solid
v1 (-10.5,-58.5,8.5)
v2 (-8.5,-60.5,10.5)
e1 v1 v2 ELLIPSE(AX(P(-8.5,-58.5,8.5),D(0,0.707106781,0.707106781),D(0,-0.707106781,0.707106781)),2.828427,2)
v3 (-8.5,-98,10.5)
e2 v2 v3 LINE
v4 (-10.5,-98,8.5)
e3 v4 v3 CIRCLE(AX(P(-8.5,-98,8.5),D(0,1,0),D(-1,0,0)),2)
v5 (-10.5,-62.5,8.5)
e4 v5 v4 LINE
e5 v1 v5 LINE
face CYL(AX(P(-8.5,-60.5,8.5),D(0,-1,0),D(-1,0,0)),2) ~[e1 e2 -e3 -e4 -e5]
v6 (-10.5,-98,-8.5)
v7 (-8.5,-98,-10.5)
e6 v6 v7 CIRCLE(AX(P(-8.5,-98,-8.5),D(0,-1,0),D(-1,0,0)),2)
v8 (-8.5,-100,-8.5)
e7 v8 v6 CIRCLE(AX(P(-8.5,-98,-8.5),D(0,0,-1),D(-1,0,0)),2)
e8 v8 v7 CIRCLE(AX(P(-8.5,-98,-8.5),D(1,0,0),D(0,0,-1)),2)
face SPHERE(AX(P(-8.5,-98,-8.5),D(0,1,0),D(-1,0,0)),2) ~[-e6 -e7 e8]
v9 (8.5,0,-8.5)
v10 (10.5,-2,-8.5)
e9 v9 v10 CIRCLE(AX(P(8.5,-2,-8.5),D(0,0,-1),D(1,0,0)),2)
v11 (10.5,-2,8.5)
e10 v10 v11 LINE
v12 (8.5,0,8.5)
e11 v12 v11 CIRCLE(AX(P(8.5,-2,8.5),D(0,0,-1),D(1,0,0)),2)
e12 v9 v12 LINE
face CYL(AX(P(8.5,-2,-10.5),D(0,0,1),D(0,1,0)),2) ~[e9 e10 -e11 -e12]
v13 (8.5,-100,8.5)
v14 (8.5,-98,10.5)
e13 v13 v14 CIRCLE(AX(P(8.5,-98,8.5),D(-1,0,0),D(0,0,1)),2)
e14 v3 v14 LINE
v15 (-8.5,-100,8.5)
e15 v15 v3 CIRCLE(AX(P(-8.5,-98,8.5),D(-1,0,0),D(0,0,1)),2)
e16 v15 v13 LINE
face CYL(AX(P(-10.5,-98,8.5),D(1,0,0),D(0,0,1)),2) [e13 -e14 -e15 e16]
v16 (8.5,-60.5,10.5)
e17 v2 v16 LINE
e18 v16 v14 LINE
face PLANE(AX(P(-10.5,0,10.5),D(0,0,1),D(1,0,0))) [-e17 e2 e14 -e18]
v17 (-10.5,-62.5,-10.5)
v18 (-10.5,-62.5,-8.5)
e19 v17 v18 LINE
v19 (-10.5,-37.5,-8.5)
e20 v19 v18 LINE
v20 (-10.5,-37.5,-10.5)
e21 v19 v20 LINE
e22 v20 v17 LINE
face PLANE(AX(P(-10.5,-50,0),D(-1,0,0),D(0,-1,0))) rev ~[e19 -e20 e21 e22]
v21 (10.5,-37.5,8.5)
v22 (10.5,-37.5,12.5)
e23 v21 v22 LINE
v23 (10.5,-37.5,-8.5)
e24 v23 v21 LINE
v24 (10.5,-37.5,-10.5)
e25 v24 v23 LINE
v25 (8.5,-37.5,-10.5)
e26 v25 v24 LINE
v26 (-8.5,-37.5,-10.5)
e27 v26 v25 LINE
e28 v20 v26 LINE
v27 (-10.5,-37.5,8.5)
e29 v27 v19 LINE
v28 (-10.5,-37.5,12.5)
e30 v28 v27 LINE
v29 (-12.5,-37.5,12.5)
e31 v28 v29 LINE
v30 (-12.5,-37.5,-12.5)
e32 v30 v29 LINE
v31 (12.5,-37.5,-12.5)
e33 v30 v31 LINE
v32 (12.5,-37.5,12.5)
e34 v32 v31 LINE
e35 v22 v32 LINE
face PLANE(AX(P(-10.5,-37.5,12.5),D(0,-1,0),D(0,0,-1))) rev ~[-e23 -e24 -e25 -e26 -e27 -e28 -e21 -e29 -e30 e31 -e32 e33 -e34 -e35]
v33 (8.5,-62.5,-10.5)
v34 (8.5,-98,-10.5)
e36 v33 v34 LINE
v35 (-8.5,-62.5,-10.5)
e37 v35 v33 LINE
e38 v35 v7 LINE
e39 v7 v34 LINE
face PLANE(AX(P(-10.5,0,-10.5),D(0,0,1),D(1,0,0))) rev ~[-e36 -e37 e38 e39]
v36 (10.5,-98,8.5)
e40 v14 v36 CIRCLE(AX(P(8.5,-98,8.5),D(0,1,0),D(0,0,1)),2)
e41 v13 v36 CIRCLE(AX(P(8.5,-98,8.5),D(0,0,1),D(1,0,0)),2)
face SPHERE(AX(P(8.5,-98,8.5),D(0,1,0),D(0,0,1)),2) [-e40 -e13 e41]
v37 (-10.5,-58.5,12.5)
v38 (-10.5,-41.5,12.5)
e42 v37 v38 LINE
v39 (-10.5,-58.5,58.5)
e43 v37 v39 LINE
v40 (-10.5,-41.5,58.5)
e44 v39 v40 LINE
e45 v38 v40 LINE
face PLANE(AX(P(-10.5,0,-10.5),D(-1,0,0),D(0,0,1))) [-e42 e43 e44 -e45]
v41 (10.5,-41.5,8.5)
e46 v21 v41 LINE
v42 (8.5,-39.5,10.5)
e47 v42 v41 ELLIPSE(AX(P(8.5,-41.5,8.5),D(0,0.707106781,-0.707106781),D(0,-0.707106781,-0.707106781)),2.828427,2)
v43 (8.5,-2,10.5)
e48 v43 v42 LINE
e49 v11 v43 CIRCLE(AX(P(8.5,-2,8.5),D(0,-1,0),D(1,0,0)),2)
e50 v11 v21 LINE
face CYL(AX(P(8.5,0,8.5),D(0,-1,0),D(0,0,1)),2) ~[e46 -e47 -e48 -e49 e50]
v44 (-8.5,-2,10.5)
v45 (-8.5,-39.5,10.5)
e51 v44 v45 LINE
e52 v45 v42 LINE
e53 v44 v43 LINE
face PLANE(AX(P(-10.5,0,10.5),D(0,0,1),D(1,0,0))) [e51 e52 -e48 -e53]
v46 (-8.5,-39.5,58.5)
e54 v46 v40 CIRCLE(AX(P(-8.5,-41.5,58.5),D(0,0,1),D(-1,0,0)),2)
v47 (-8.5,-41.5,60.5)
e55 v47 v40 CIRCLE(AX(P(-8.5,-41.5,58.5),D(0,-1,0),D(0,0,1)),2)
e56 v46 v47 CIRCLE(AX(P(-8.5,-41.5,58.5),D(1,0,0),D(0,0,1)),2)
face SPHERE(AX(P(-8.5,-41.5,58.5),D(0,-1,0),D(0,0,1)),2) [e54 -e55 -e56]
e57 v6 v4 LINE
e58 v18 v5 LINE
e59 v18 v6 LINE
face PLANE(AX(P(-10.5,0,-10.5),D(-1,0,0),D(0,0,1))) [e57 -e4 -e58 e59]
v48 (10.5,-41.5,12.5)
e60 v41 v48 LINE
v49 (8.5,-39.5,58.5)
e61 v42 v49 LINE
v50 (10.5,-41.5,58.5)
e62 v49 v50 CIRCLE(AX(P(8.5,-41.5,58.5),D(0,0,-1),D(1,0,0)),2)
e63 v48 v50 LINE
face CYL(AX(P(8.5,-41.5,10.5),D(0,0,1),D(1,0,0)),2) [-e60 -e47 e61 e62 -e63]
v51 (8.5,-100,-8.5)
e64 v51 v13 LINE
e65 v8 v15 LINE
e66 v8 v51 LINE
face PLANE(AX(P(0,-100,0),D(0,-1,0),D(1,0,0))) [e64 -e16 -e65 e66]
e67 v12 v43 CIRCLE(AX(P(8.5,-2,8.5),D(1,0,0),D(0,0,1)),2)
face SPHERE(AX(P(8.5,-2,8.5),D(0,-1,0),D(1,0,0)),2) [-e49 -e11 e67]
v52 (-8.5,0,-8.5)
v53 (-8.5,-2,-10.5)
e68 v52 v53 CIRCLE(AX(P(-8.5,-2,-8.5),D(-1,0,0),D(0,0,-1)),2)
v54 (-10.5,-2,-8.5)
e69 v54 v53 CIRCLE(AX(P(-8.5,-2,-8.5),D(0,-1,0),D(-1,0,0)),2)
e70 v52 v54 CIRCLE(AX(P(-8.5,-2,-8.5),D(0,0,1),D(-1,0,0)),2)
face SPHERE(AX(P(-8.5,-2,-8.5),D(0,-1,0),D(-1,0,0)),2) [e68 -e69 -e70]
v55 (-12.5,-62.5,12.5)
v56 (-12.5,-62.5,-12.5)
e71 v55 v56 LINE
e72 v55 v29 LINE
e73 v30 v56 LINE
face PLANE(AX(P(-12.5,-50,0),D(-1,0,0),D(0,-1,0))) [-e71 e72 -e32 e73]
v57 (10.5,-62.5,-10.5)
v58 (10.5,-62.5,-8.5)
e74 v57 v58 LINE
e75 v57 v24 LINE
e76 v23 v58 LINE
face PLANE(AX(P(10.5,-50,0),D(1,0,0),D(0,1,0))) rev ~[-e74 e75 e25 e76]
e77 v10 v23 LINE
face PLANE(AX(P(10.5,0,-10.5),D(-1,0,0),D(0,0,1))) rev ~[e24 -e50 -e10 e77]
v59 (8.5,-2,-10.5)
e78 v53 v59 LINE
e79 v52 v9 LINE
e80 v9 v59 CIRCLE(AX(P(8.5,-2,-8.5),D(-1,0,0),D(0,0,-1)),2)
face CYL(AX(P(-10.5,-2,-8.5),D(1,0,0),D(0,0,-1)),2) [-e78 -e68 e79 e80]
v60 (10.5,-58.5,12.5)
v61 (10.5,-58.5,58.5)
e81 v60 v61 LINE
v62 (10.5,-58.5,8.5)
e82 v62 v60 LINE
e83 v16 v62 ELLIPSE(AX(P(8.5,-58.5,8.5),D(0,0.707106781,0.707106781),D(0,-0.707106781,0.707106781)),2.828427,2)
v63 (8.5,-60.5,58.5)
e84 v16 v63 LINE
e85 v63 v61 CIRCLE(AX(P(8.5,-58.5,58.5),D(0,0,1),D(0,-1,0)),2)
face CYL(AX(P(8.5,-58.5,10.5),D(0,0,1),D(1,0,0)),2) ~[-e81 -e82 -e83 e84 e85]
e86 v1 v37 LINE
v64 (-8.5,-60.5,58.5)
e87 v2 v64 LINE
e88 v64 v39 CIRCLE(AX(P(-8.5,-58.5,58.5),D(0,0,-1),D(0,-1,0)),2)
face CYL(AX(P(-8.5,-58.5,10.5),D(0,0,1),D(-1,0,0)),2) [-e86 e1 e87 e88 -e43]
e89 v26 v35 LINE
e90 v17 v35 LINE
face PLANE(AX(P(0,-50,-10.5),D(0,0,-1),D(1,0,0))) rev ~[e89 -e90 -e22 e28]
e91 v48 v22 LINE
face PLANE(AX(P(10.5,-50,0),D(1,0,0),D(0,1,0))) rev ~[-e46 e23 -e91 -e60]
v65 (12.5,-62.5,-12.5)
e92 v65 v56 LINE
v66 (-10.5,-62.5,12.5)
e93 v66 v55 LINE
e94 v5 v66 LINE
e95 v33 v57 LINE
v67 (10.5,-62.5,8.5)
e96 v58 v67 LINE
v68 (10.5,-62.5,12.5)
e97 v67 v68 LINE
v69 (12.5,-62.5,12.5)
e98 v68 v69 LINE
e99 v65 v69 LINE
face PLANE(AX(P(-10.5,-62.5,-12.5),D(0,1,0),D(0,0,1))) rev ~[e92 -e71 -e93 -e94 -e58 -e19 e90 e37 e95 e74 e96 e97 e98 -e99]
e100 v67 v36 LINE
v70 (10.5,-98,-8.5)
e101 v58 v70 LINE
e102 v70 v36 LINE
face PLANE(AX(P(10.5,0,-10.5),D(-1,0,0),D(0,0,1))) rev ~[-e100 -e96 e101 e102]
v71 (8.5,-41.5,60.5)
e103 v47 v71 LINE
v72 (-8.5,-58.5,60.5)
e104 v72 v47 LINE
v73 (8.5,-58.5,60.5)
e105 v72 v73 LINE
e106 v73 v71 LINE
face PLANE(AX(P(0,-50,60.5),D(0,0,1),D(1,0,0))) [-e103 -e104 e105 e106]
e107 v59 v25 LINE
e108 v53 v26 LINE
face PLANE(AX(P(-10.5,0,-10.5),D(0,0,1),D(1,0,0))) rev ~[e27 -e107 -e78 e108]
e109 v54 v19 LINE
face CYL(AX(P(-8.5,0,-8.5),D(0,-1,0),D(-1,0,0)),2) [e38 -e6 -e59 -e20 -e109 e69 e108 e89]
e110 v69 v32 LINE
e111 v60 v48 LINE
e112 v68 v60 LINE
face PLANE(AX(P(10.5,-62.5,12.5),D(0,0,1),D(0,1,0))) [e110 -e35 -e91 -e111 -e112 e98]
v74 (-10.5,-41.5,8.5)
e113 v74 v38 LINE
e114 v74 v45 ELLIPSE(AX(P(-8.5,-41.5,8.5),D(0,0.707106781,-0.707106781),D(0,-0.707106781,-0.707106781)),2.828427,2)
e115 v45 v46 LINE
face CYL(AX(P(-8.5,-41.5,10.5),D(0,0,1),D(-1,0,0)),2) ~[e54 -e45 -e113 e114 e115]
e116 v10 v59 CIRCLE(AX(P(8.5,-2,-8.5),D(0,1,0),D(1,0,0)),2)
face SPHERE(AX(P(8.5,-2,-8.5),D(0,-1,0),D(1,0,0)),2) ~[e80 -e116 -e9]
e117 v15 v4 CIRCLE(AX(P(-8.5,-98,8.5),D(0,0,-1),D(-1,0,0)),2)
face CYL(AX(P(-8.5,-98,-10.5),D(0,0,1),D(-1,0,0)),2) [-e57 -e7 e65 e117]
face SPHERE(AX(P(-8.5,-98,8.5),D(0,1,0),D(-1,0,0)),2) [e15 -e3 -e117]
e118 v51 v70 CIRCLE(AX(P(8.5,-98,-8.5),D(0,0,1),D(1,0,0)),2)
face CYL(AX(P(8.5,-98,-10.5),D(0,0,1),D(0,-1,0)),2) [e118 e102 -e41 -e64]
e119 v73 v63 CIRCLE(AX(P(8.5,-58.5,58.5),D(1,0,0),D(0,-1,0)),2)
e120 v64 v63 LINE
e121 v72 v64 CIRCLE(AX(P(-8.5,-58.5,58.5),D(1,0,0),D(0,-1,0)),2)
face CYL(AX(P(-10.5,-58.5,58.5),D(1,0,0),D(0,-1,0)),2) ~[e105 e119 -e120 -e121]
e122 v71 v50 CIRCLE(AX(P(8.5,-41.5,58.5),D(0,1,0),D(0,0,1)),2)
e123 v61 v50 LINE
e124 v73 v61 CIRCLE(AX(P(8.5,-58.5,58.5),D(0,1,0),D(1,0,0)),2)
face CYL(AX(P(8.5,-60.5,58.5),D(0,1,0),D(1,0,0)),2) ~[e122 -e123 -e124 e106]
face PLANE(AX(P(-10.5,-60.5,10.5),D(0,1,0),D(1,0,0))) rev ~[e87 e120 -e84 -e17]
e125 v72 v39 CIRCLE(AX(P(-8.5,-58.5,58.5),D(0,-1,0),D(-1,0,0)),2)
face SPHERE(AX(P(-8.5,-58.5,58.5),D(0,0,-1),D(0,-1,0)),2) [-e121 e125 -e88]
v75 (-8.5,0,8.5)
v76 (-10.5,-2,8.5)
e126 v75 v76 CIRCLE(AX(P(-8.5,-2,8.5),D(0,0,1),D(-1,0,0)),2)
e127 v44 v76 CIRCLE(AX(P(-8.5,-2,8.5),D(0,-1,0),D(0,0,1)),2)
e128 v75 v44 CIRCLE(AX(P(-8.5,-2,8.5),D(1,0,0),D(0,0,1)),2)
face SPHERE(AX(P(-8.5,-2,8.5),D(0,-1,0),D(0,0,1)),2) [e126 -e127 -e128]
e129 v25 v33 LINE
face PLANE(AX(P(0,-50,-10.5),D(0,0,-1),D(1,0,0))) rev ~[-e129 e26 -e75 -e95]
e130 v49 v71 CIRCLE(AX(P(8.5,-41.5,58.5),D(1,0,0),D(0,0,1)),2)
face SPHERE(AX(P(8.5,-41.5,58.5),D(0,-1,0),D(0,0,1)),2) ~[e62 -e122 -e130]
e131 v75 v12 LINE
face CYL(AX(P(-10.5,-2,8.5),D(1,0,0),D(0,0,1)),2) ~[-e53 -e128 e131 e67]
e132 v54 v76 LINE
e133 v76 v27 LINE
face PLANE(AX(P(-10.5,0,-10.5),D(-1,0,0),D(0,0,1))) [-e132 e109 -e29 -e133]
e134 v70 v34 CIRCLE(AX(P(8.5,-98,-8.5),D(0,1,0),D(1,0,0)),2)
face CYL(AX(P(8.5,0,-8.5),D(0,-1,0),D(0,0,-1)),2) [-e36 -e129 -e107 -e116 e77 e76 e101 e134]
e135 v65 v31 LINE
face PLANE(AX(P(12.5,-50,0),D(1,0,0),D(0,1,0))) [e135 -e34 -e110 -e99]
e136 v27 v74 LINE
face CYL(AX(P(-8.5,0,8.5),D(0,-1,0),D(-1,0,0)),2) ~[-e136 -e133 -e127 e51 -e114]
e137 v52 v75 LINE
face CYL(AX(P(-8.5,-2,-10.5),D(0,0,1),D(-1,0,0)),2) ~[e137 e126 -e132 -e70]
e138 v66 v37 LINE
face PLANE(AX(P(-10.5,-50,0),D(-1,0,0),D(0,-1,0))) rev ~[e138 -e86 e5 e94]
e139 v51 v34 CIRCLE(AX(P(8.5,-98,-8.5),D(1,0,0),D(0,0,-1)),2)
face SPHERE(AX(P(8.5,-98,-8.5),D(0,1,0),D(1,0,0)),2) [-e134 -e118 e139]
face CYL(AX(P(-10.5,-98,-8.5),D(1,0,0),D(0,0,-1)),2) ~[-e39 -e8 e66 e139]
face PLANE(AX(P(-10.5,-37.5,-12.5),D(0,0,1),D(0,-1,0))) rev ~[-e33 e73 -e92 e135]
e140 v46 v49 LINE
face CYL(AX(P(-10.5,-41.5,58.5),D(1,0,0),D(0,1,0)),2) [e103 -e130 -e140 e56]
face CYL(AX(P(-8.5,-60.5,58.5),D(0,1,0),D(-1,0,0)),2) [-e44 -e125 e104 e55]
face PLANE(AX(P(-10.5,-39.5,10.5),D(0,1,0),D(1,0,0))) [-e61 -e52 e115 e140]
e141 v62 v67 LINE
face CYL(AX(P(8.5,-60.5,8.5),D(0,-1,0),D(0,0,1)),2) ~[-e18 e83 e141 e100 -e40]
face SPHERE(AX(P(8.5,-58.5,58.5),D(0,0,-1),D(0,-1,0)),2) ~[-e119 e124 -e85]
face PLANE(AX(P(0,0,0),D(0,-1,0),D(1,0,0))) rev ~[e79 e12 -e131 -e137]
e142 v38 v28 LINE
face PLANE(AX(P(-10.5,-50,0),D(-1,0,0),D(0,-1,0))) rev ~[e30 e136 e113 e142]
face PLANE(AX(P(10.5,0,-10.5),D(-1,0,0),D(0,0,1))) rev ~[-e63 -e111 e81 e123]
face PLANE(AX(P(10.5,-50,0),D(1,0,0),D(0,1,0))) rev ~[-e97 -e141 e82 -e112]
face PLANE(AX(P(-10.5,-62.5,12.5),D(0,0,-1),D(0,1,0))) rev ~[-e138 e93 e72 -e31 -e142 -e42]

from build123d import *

# Parameters (mm, degrees)
F0_W      = 21
F0_H      = 21
F1_DEPTH  = 100
F2_W      = 21
F2_H      = 21
F3_DEPTH  = 50
F4_R      = 2
F6_DEPTH  = 2
F7_W      = 25
F7_H      = 25
F8_DEPTH  = 2
F9_W      = 25
F9_H      = 25
F10_DEPTH = 2


with BuildPart() as f1:
    # F0 (on Front) → F1 (new body)
    with BuildSketch(Plane.XZ):
        Rectangle(F0_W, F0_H)
    extrude(amount=F1_DEPTH)

    # F2 (on face) → F3 (join)
    with BuildSketch(Plane.XY.offset(10.5)):
        with Locations((0, -50)):
            Rectangle(F2_W, F2_H)
    extrude(amount=F3_DEPTH)

    # F4
    f4_edges = [f1.edges().sort_by_distance(p)[0] for p in [
        (-10.5, -19.75, 10.5),
        (-10.5, -80.25, 10.5),
        (10.5, -80.25, 10.5),
        (10.5, -19.75, 10.5),
        (10.5, -50, -10.5),
        (-10.5, -50, -10.5),
        (-10.5, -100, 0),
        (0, -100, 10.5),
        (10.5, -100, 0),
        (0, -100, -10.5),
        (10.5, 0, 0),
        (0, 0, 10.5),
        (-10.5, 0, 0),
        (0, 0, -10.5),
        (-10.5, -60.5, 35.5),
        (10.5, -60.5, 35.5),
        (0, -60.5, 60.5),
        (10.5, -50, 60.5),
        (-10.5, -50, 60.5),
        (0, -39.5, 60.5),
        (10.5, -39.5, 35.5),
        (-10.5, -39.5, 35.5),
    ]]
    fillet(f4_edges, radius=F4_R)

    # F5 (on face) → F6 (join)
    with BuildSketch(Plane(origin=(-10.5, 0, 0), x_dir=(0, -1, 0), z_dir=(-1, 0, 0))):
        Polygon((62.5, 12.5), (37.5, 12.5), (37.5, 10.5), (37.5, -12.5), (62.5, -12.5), (62.5, 10.5), align=None)
    extrude(amount=F6_DEPTH)

    # F7 (on face) → F8 (join)
    with BuildSketch(Plane.YZ.offset(10.5)):
        with Locations((-50, 0)):
            Rectangle(F7_W, F7_H)
    extrude(amount=F8_DEPTH)

    # F9 (on face) → F10 (join)
    with BuildSketch(Plane(origin=(0, 0, -10.5), x_dir=(1, 0, 0), z_dir=(0, 0, -1))):
        with Locations((0, 50)):
            Rectangle(F9_W, F9_H)
    extrude(amount=F10_DEPTH)


solid = f1.part
